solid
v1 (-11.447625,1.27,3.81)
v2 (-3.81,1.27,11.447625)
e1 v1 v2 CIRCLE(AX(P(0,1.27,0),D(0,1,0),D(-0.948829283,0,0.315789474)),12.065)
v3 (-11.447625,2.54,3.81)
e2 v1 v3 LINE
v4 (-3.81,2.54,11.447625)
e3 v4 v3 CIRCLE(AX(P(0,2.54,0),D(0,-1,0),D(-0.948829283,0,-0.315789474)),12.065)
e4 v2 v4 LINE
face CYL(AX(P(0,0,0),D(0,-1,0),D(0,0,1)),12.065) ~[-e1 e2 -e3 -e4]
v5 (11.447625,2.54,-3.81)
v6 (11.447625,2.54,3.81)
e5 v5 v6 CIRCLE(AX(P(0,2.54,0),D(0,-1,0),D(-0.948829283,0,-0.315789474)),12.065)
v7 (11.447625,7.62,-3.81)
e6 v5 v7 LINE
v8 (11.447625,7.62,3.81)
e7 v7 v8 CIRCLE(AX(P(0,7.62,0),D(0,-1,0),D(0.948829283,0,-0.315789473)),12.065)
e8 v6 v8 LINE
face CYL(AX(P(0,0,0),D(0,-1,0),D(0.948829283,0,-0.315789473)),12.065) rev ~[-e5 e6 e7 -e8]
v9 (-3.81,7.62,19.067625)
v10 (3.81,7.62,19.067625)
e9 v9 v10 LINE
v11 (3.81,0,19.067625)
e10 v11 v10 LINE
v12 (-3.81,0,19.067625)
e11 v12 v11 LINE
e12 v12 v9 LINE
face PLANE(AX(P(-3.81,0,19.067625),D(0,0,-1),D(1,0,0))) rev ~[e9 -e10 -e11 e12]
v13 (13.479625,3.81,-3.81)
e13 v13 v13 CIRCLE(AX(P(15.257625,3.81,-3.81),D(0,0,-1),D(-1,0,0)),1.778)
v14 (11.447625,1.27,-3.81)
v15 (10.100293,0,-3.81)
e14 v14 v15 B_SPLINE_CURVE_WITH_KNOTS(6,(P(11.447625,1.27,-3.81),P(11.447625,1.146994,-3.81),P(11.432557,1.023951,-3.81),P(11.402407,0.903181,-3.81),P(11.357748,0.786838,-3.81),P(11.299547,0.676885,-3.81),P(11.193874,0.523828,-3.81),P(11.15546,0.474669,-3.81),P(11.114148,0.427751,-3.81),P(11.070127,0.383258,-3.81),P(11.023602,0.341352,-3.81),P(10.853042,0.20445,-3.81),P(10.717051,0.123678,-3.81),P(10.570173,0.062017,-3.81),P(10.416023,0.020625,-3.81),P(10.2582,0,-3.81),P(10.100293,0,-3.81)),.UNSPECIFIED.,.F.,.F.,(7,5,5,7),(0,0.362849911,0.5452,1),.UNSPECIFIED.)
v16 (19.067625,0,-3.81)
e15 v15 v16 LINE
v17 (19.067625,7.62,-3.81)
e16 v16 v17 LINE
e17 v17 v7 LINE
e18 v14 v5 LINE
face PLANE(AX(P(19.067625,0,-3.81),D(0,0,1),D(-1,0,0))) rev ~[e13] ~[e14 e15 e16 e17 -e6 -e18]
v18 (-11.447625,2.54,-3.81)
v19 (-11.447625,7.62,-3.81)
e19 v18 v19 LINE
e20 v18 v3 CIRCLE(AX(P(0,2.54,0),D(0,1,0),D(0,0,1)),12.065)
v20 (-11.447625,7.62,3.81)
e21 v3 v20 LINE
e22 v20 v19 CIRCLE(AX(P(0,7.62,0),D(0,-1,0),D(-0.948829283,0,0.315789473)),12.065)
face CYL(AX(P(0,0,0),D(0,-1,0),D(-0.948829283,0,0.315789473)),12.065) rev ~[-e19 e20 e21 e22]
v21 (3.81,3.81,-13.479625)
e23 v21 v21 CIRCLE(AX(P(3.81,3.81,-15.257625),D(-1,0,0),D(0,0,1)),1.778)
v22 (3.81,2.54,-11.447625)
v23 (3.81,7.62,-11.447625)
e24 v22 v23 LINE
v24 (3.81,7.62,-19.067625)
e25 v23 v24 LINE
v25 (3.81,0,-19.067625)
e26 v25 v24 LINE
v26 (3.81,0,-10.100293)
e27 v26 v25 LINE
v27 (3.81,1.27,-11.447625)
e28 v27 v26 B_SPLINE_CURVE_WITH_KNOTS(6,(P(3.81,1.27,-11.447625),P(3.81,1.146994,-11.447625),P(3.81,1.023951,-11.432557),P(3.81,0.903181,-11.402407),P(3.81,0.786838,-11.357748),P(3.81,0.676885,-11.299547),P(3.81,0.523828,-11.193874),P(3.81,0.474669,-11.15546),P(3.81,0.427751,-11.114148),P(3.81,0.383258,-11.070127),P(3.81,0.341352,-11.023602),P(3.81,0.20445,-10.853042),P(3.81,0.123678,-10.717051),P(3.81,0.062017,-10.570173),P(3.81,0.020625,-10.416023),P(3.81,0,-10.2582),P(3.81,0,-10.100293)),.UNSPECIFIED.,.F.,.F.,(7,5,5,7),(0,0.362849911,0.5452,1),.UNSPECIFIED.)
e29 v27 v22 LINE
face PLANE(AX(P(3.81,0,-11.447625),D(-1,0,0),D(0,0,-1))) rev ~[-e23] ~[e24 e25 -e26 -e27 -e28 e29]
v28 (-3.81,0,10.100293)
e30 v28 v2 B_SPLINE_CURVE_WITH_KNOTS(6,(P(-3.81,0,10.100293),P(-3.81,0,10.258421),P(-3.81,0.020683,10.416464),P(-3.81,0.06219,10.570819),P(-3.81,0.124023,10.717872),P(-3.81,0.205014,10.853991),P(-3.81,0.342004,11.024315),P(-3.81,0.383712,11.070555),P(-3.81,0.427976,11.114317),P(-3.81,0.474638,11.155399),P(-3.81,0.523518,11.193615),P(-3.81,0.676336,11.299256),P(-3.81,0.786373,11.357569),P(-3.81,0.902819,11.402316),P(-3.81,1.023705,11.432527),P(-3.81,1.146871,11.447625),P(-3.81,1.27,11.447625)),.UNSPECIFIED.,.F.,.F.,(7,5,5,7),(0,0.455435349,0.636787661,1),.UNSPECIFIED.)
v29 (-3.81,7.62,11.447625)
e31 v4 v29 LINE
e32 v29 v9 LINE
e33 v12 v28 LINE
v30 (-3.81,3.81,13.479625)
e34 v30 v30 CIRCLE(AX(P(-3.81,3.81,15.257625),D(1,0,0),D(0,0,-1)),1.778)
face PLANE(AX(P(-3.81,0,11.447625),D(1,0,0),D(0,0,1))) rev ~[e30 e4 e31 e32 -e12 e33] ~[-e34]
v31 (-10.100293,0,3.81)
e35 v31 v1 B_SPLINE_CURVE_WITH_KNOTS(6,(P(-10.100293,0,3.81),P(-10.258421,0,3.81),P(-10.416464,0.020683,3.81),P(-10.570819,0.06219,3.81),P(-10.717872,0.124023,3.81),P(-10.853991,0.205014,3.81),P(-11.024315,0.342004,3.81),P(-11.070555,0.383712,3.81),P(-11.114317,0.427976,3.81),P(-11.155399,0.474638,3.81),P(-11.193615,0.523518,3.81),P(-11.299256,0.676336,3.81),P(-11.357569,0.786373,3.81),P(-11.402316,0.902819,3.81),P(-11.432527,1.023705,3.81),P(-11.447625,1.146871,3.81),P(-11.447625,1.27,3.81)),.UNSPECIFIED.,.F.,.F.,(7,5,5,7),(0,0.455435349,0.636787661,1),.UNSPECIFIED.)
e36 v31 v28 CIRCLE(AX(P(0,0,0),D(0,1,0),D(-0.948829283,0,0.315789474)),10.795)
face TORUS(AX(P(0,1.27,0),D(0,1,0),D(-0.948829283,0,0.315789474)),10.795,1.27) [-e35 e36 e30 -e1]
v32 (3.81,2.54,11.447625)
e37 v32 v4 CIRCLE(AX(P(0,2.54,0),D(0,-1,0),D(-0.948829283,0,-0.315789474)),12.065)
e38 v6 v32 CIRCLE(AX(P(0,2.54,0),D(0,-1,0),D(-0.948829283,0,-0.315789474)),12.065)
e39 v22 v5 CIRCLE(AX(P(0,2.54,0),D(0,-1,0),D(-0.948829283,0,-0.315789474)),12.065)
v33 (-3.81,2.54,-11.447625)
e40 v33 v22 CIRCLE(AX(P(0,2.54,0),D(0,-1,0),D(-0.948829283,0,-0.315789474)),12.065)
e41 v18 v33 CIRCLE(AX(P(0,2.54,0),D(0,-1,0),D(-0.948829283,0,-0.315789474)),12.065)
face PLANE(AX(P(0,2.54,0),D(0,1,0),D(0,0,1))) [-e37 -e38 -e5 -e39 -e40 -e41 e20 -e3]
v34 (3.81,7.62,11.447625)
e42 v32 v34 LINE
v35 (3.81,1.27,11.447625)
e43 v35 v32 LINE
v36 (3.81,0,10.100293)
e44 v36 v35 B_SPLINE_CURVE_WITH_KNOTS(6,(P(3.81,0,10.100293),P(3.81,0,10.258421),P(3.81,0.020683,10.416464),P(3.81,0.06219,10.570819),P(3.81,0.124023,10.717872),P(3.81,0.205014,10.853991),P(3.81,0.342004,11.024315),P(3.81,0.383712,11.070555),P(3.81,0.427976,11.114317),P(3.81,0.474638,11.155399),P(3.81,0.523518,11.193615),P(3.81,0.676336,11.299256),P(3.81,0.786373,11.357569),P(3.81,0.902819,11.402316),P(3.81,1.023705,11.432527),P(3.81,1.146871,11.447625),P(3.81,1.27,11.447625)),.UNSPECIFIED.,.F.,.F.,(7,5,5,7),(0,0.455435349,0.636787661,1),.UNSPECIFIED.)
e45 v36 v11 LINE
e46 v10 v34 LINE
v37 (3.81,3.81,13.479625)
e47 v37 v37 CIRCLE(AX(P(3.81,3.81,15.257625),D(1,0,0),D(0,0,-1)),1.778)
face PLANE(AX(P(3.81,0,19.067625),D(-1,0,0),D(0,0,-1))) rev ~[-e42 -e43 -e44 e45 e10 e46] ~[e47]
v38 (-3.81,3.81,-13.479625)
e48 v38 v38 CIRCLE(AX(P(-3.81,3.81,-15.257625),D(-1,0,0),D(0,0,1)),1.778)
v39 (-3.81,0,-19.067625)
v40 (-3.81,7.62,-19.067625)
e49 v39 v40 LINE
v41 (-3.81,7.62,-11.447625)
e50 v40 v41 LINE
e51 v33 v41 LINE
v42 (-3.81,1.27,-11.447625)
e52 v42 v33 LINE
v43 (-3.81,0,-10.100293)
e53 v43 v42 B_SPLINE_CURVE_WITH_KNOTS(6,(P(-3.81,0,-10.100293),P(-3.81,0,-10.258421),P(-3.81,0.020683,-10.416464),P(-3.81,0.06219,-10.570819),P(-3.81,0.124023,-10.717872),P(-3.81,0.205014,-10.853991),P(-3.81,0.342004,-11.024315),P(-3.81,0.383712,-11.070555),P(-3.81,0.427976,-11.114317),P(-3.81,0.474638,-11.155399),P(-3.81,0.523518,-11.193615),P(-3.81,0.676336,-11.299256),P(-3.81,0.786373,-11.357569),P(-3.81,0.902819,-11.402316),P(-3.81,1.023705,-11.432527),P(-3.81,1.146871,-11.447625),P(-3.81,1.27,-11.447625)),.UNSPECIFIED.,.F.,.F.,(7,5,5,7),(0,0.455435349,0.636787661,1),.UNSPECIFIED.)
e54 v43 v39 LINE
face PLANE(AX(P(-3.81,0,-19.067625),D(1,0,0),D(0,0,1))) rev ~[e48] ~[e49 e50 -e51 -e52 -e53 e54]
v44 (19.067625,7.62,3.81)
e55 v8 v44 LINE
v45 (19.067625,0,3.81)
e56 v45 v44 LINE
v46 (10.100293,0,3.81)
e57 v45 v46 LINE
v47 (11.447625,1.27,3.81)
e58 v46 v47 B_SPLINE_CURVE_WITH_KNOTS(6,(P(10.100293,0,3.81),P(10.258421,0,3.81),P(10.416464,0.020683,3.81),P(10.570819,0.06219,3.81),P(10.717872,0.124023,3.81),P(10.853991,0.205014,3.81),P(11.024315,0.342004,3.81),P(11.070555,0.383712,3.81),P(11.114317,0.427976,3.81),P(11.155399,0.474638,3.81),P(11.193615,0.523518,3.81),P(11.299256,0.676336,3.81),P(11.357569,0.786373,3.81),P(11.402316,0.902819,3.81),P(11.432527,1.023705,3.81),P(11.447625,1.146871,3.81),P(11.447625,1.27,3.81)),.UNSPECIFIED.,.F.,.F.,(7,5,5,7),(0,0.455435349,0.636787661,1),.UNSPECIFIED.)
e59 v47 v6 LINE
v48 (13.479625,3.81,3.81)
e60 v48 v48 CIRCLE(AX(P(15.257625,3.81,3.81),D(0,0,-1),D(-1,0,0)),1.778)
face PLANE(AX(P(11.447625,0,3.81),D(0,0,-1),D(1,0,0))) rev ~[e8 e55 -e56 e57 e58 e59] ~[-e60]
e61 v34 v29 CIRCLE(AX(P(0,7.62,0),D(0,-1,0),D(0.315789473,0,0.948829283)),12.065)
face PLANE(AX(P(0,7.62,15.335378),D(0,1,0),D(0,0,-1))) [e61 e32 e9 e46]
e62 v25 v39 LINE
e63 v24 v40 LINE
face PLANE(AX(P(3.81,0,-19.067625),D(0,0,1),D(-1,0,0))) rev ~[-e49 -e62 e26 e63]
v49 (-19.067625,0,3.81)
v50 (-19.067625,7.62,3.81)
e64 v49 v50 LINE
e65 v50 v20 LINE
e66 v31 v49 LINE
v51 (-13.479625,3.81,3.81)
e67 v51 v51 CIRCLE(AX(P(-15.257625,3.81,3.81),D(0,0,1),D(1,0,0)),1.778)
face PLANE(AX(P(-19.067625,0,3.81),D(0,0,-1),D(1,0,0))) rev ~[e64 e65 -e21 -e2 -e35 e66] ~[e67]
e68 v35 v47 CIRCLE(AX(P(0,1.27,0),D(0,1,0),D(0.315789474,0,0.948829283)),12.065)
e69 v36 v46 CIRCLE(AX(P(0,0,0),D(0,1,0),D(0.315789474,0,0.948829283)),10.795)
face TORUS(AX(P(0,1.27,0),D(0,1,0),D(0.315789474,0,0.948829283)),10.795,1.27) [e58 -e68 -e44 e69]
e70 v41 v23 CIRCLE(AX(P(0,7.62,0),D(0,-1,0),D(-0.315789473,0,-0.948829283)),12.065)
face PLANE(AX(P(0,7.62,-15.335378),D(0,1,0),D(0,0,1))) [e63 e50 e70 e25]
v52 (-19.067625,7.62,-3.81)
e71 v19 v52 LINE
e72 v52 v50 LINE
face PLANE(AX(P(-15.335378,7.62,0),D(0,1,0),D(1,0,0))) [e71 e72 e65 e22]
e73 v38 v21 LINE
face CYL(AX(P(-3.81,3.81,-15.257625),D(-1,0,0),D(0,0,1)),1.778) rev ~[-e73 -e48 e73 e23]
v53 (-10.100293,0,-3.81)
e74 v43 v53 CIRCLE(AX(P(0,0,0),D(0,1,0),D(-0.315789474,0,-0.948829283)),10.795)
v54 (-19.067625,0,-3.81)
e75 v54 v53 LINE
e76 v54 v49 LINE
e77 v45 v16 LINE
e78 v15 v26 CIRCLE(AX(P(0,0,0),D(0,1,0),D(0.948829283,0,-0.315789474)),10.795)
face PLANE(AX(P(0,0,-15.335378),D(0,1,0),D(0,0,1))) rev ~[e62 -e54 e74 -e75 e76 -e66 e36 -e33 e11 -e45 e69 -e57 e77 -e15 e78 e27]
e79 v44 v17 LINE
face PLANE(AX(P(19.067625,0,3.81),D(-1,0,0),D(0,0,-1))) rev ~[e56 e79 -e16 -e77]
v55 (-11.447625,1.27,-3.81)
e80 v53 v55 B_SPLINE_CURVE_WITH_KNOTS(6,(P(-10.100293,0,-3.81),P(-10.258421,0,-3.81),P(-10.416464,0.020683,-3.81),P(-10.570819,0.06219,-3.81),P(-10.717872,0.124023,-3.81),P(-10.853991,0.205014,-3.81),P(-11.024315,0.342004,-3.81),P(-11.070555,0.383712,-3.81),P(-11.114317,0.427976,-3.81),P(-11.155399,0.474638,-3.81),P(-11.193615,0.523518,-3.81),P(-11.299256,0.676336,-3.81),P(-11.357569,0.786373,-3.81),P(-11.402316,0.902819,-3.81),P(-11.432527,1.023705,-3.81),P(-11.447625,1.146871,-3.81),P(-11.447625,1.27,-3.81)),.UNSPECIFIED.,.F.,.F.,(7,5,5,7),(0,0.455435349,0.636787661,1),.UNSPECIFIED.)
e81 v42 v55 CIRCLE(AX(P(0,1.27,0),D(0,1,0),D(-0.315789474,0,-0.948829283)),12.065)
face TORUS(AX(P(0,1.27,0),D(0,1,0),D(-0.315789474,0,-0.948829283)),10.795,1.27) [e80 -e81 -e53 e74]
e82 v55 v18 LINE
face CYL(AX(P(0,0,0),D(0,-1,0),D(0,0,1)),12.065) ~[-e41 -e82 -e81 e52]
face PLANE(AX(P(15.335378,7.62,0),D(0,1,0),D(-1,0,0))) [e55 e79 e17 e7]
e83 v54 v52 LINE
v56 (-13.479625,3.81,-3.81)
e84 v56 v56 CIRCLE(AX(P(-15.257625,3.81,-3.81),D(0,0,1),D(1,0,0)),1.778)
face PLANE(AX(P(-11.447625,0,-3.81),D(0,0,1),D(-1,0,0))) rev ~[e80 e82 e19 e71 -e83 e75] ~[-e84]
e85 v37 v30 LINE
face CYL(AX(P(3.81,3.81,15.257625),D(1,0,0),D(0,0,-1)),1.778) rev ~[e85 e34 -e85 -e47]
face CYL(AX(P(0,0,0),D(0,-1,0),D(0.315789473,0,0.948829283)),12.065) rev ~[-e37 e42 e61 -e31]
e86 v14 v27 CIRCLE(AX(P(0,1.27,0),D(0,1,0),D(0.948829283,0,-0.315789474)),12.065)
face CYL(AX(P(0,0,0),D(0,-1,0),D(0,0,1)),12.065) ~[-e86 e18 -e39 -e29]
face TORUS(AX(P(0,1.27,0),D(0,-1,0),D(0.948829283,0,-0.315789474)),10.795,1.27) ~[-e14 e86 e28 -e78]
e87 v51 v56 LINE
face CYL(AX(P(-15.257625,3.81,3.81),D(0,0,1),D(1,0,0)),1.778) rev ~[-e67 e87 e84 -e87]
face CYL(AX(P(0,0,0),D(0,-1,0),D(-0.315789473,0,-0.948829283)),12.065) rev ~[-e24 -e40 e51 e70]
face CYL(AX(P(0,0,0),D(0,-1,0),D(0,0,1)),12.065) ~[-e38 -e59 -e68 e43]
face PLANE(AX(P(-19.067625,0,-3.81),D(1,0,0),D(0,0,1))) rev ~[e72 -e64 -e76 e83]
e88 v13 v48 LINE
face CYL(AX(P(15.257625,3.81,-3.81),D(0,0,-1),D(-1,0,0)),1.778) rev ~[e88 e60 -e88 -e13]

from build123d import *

# Parameters (mm, degrees)
SKETCH2_R           = 12.065
BOSS_EXTRUDE1_DEPTH = 2.54
BOSS_EXTRUDE2_DEPTH = 7.62
CIRPATTERN1_COUNT   = 4
SKETCH4_R           = 1.778
CUT_EXTRUDE1_DEPTH  = 7.62
CIRPATTERN2_COUNT   = 4
FILLET1_R           = 1.27


with BuildPart() as part:
    # Sketch2 → Boss-Extrude1 (new body)
    with BuildSketch(Plane(origin=(0, 0, 0), x_dir=(1, 0, 0), z_dir=(0, 1, 0))):
        with Locations(Location((0, 0, 0), (0, 0, 270))):
            Circle(SKETCH2_R)
    extrude(amount=BOSS_EXTRUDE1_DEPTH)

    # Sketch3 → Boss-Extrude2 (add)
    with BuildSketch(Plane(origin=(0, 0, 0), x_dir=(1, 0, 0), z_dir=(0, 1, 0))):
        with BuildLine():
            Line((-11.4476253, 3.81), (-19.0676253, 3.81))
            Line((-19.0676253, 3.81), (-19.0676253, -3.81))
            Line((-19.0676253, -3.81), (-11.4476253, -3.81))
            ThreePointArc((-11.4476253, -3.81), (-12.065, 0), (-11.4476253, 3.81))
        make_face()
    boss_extrude2 = extrude(amount=BOSS_EXTRUDE2_DEPTH)

    # CirPattern1: Boss-Extrude2 ×4 about axis
    cirpattern1_axis = Axis((0, 0, 0), (0, 1, 0))
    for i in range(1, CIRPATTERN1_COUNT):
        add(boss_extrude2.rotate(cirpattern1_axis, i * 360 / CIRPATTERN1_COUNT))

    # Sketch4 → Cut-Extrude1 (cut)
    with BuildSketch(Plane.XY.offset(3.81)):
        with Locations((-15.2576253, 3.81)):
            Circle(SKETCH4_R)
    cut_extrude1 = extrude(amount=-CUT_EXTRUDE1_DEPTH, mode=Mode.SUBTRACT)

    # CirPattern2: Cut-Extrude1 ×4 about axis
    cirpattern2_axis = Axis((0, 2.54, 0), (0, -1, 0))
    for i in range(1, CIRPATTERN2_COUNT):
        add(cut_extrude1.rotate(cirpattern2_axis, i * 360 / CIRPATTERN2_COUNT), mode=Mode.SUBTRACT)

    # Fillet1
    fillet1_edges = [part.edges().sort_by_distance(p)[0] for p in [
        (8.531243315, 0, 8.531243315),
        (8.531243315, 0, -8.531243315),
        (-8.531243315, 0, -8.531243315),
        (-8.531243315, 0, 8.531243315),
    ]]
    fillet(fillet1_edges, radius=FILLET1_R)


solid = part.part
